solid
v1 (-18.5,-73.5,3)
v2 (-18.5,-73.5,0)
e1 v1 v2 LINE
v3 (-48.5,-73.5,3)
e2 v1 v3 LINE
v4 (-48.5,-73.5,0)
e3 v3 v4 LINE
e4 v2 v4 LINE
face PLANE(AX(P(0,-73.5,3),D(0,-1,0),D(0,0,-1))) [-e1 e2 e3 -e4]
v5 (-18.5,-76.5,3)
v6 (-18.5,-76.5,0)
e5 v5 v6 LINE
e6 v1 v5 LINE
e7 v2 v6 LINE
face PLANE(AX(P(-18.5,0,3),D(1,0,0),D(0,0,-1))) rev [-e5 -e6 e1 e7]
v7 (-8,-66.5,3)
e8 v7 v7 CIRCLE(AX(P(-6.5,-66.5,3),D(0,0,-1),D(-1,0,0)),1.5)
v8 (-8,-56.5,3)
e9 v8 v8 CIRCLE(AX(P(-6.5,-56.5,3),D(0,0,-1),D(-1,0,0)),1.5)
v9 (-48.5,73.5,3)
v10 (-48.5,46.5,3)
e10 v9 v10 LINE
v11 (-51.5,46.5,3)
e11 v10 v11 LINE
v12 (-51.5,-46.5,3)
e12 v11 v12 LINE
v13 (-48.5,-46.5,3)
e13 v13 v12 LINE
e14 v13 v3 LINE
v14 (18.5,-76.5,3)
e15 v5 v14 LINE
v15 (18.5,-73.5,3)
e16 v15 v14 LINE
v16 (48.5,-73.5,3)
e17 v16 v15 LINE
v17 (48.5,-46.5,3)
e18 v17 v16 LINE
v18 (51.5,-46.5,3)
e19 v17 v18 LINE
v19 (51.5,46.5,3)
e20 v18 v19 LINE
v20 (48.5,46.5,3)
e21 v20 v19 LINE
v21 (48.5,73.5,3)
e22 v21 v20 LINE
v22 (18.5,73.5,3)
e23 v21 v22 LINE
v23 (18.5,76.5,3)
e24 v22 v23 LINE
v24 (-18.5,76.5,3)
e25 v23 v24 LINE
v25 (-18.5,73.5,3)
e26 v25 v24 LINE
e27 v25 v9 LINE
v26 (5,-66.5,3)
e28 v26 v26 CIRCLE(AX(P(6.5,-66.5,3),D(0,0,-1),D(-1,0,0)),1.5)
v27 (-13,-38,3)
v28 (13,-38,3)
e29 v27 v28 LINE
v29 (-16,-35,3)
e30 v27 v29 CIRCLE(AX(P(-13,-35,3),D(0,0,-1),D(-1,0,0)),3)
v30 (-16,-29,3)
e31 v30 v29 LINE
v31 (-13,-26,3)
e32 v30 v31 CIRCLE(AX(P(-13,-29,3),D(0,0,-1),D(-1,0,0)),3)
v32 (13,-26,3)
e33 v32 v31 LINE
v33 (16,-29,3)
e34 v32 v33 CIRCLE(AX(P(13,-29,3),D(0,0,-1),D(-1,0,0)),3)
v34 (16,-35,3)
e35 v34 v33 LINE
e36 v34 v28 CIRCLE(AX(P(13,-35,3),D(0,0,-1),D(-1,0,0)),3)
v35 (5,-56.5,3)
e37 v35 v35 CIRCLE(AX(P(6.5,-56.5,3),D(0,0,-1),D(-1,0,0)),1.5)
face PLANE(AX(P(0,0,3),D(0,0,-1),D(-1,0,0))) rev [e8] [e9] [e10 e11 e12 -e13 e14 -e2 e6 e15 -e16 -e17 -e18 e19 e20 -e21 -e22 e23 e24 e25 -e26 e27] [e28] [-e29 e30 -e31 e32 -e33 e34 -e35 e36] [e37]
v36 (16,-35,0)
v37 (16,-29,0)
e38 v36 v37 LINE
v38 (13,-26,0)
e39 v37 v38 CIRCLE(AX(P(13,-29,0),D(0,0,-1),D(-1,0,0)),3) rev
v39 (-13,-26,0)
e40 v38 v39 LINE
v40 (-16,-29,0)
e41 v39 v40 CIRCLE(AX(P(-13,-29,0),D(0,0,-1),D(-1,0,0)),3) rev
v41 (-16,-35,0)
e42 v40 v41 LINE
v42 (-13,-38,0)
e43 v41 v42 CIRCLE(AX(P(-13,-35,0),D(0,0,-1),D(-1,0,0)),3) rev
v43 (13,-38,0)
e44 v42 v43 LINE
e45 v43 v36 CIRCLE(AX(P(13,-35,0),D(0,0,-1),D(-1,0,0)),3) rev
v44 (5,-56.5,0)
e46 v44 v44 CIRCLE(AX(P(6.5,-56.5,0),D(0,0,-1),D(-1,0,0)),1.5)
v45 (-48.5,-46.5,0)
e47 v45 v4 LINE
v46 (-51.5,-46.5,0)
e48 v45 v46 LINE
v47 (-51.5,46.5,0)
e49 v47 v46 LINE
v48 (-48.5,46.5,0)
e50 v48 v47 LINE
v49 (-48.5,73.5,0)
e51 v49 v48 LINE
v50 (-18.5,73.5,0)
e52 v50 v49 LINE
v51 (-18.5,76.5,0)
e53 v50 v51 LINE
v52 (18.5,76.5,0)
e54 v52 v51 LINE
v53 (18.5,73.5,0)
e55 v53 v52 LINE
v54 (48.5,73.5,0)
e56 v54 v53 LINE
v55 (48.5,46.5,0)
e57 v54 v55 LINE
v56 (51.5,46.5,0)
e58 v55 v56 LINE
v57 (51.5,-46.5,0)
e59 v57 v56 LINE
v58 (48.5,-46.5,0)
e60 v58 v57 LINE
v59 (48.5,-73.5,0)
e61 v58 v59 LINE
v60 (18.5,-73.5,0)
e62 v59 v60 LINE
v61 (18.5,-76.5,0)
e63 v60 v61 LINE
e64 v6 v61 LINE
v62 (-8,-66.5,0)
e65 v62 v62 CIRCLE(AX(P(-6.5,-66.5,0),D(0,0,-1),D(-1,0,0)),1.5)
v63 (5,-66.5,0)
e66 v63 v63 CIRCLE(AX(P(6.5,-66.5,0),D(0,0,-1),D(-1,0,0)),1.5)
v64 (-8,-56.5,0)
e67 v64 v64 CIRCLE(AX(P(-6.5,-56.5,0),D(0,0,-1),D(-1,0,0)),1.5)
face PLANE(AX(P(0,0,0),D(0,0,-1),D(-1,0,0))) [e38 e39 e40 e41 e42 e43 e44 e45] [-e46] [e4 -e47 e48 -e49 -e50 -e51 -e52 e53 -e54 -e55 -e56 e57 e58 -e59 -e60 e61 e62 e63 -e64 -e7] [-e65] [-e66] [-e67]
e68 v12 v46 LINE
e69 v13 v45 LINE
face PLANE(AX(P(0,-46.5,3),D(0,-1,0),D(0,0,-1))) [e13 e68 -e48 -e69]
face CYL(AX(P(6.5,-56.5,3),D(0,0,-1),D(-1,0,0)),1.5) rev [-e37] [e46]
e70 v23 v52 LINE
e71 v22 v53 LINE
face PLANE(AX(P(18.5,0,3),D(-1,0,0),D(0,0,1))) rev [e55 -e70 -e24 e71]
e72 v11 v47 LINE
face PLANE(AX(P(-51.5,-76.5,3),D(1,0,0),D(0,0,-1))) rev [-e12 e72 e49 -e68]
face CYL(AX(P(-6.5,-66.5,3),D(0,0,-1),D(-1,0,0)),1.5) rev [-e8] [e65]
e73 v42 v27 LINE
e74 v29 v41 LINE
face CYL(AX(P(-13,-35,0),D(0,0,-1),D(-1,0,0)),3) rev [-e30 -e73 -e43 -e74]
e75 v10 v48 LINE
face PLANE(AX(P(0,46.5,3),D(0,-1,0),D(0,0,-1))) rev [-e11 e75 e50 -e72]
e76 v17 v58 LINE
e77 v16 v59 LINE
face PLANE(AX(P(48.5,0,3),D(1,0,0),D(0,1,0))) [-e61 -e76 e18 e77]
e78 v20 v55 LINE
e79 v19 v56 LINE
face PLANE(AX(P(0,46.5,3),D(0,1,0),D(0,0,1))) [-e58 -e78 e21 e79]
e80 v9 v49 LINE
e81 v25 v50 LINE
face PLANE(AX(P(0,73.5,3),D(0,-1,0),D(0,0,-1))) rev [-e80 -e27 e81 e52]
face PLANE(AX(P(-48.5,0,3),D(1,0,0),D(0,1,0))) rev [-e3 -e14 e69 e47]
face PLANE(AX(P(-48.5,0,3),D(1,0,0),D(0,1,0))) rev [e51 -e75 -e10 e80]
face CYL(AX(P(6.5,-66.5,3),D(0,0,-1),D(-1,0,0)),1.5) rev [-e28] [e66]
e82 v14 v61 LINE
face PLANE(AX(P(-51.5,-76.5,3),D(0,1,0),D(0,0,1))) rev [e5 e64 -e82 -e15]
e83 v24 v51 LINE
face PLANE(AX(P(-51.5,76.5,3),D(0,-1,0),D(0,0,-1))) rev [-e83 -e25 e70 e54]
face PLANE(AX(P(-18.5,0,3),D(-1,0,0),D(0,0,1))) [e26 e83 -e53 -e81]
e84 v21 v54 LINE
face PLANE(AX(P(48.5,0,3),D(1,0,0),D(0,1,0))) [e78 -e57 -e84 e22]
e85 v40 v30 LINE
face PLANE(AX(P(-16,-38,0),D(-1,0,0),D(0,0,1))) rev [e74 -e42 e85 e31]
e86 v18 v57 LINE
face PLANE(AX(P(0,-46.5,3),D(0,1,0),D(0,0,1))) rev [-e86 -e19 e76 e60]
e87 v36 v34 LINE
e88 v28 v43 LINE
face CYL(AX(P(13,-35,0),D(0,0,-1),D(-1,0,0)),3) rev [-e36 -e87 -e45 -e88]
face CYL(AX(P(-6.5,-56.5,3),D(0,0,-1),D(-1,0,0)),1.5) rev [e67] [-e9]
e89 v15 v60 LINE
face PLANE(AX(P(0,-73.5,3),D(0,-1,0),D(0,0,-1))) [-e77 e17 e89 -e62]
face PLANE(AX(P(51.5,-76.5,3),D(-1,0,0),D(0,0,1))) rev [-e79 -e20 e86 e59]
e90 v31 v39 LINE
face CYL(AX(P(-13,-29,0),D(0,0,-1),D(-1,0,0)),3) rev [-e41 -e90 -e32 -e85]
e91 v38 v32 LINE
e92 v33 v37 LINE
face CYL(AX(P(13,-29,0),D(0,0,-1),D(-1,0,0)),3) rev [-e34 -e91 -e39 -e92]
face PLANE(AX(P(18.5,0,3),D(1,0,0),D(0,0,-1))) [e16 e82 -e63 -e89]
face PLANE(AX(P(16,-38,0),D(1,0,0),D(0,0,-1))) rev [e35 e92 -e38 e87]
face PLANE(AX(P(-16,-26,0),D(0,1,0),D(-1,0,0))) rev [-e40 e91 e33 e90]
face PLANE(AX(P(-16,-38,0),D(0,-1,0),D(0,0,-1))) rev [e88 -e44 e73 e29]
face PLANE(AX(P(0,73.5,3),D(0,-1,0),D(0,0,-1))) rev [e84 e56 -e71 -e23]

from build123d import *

# Parameters (mm, degrees)
ESBO_O1_W                = 103
ESBO_O1_H                = 153
RESSALTO_EXTRUS_O1_DEPTH = 3
ESBO_O2_W                = 32
ESBO_O2_H                = 12
CORTE_EXTRUS_O1_DEPTH    = 93.268629555
FILETE1_R                = 3
ESBO_O3_W                = 33
ESBO_O3_H                = 3
CORTE_EXTRUS_O2_DEPTH    = 93.268629555
ESBO_O4_W                = 3
ESBO_O4_H                = 27
ESBO_O4_R                = 1.5
CORTE_EXTRUS_O3_DEPTH    = 93.268629555


with BuildPart() as part:
    # Esboço1 → Ressalto-extrusão1 (new body)
    with BuildSketch(Plane.XY):
        Rectangle(ESBO_O1_W, ESBO_O1_H)
    extrude(amount=RESSALTO_EXTRUS_O1_DEPTH)

    # Esboço2 → Corte-extrusão1 (cut, through all)
    with BuildSketch(Plane.XY.offset(3)):
        with Locations((0, -32)):
            Rectangle(ESBO_O2_W, ESBO_O2_H)
    extrude(amount=-CORTE_EXTRUS_O1_DEPTH, mode=Mode.SUBTRACT)

    # Filete1
    filete1_edges = [part.edges().sort_by_distance(p)[0] for p in [
        (16, -26, 1.5),
        (16, -38, 1.5),
        (-16, -38, 1.5),
        (-16, -26, 1.5),
    ]]
    fillet(filete1_edges, radius=FILETE1_R)

    # Esboço3 → Corte-extrusão2 (cut, through all)
    with BuildSketch(Plane(origin=(0, 0, 0), x_dir=(-1, 0, 0), z_dir=(0, 0, -1))):
        with Locations((35, -75)):
            Rectangle(ESBO_O3_W, ESBO_O3_H)
        with Locations((-35, -75)):
            Rectangle(ESBO_O3_W, ESBO_O3_H)
        with Locations((35, 75)):
            Rectangle(ESBO_O3_W, ESBO_O3_H)
        with Locations((-35, 75)):
            Rectangle(ESBO_O3_W, ESBO_O3_H)
    extrude(amount=-CORTE_EXTRUS_O2_DEPTH, mode=Mode.SUBTRACT)

    # Esboço4 → Corte-extrusão3 (cut, through all)
    with BuildSketch(Plane(origin=(0, 0, 0), x_dir=(-1, 0, 0), z_dir=(0, 0, -1))):
        with Locations((50, 60)):
            Rectangle(ESBO_O4_W, ESBO_O4_H)
        with Locations((50, -60)):
            Rectangle(ESBO_O4_W, ESBO_O4_H)
        with Locations((-50, -60)):
            Rectangle(ESBO_O4_W, ESBO_O4_H)
        with Locations((-50, 60)):
            Rectangle(ESBO_O4_W, ESBO_O4_H)
        with Locations((-6.5, -66.5)):
            Circle(ESBO_O4_R)
        with Locations((-6.5, -56.5)):
            Circle(ESBO_O4_R)
        with Locations((6.5, -66.5)):
            Circle(ESBO_O4_R)
        with Locations((6.5, -56.5)):
            Circle(ESBO_O4_R)
    extrude(amount=-CORTE_EXTRUS_O3_DEPTH, mode=Mode.SUBTRACT)


solid = part.part
